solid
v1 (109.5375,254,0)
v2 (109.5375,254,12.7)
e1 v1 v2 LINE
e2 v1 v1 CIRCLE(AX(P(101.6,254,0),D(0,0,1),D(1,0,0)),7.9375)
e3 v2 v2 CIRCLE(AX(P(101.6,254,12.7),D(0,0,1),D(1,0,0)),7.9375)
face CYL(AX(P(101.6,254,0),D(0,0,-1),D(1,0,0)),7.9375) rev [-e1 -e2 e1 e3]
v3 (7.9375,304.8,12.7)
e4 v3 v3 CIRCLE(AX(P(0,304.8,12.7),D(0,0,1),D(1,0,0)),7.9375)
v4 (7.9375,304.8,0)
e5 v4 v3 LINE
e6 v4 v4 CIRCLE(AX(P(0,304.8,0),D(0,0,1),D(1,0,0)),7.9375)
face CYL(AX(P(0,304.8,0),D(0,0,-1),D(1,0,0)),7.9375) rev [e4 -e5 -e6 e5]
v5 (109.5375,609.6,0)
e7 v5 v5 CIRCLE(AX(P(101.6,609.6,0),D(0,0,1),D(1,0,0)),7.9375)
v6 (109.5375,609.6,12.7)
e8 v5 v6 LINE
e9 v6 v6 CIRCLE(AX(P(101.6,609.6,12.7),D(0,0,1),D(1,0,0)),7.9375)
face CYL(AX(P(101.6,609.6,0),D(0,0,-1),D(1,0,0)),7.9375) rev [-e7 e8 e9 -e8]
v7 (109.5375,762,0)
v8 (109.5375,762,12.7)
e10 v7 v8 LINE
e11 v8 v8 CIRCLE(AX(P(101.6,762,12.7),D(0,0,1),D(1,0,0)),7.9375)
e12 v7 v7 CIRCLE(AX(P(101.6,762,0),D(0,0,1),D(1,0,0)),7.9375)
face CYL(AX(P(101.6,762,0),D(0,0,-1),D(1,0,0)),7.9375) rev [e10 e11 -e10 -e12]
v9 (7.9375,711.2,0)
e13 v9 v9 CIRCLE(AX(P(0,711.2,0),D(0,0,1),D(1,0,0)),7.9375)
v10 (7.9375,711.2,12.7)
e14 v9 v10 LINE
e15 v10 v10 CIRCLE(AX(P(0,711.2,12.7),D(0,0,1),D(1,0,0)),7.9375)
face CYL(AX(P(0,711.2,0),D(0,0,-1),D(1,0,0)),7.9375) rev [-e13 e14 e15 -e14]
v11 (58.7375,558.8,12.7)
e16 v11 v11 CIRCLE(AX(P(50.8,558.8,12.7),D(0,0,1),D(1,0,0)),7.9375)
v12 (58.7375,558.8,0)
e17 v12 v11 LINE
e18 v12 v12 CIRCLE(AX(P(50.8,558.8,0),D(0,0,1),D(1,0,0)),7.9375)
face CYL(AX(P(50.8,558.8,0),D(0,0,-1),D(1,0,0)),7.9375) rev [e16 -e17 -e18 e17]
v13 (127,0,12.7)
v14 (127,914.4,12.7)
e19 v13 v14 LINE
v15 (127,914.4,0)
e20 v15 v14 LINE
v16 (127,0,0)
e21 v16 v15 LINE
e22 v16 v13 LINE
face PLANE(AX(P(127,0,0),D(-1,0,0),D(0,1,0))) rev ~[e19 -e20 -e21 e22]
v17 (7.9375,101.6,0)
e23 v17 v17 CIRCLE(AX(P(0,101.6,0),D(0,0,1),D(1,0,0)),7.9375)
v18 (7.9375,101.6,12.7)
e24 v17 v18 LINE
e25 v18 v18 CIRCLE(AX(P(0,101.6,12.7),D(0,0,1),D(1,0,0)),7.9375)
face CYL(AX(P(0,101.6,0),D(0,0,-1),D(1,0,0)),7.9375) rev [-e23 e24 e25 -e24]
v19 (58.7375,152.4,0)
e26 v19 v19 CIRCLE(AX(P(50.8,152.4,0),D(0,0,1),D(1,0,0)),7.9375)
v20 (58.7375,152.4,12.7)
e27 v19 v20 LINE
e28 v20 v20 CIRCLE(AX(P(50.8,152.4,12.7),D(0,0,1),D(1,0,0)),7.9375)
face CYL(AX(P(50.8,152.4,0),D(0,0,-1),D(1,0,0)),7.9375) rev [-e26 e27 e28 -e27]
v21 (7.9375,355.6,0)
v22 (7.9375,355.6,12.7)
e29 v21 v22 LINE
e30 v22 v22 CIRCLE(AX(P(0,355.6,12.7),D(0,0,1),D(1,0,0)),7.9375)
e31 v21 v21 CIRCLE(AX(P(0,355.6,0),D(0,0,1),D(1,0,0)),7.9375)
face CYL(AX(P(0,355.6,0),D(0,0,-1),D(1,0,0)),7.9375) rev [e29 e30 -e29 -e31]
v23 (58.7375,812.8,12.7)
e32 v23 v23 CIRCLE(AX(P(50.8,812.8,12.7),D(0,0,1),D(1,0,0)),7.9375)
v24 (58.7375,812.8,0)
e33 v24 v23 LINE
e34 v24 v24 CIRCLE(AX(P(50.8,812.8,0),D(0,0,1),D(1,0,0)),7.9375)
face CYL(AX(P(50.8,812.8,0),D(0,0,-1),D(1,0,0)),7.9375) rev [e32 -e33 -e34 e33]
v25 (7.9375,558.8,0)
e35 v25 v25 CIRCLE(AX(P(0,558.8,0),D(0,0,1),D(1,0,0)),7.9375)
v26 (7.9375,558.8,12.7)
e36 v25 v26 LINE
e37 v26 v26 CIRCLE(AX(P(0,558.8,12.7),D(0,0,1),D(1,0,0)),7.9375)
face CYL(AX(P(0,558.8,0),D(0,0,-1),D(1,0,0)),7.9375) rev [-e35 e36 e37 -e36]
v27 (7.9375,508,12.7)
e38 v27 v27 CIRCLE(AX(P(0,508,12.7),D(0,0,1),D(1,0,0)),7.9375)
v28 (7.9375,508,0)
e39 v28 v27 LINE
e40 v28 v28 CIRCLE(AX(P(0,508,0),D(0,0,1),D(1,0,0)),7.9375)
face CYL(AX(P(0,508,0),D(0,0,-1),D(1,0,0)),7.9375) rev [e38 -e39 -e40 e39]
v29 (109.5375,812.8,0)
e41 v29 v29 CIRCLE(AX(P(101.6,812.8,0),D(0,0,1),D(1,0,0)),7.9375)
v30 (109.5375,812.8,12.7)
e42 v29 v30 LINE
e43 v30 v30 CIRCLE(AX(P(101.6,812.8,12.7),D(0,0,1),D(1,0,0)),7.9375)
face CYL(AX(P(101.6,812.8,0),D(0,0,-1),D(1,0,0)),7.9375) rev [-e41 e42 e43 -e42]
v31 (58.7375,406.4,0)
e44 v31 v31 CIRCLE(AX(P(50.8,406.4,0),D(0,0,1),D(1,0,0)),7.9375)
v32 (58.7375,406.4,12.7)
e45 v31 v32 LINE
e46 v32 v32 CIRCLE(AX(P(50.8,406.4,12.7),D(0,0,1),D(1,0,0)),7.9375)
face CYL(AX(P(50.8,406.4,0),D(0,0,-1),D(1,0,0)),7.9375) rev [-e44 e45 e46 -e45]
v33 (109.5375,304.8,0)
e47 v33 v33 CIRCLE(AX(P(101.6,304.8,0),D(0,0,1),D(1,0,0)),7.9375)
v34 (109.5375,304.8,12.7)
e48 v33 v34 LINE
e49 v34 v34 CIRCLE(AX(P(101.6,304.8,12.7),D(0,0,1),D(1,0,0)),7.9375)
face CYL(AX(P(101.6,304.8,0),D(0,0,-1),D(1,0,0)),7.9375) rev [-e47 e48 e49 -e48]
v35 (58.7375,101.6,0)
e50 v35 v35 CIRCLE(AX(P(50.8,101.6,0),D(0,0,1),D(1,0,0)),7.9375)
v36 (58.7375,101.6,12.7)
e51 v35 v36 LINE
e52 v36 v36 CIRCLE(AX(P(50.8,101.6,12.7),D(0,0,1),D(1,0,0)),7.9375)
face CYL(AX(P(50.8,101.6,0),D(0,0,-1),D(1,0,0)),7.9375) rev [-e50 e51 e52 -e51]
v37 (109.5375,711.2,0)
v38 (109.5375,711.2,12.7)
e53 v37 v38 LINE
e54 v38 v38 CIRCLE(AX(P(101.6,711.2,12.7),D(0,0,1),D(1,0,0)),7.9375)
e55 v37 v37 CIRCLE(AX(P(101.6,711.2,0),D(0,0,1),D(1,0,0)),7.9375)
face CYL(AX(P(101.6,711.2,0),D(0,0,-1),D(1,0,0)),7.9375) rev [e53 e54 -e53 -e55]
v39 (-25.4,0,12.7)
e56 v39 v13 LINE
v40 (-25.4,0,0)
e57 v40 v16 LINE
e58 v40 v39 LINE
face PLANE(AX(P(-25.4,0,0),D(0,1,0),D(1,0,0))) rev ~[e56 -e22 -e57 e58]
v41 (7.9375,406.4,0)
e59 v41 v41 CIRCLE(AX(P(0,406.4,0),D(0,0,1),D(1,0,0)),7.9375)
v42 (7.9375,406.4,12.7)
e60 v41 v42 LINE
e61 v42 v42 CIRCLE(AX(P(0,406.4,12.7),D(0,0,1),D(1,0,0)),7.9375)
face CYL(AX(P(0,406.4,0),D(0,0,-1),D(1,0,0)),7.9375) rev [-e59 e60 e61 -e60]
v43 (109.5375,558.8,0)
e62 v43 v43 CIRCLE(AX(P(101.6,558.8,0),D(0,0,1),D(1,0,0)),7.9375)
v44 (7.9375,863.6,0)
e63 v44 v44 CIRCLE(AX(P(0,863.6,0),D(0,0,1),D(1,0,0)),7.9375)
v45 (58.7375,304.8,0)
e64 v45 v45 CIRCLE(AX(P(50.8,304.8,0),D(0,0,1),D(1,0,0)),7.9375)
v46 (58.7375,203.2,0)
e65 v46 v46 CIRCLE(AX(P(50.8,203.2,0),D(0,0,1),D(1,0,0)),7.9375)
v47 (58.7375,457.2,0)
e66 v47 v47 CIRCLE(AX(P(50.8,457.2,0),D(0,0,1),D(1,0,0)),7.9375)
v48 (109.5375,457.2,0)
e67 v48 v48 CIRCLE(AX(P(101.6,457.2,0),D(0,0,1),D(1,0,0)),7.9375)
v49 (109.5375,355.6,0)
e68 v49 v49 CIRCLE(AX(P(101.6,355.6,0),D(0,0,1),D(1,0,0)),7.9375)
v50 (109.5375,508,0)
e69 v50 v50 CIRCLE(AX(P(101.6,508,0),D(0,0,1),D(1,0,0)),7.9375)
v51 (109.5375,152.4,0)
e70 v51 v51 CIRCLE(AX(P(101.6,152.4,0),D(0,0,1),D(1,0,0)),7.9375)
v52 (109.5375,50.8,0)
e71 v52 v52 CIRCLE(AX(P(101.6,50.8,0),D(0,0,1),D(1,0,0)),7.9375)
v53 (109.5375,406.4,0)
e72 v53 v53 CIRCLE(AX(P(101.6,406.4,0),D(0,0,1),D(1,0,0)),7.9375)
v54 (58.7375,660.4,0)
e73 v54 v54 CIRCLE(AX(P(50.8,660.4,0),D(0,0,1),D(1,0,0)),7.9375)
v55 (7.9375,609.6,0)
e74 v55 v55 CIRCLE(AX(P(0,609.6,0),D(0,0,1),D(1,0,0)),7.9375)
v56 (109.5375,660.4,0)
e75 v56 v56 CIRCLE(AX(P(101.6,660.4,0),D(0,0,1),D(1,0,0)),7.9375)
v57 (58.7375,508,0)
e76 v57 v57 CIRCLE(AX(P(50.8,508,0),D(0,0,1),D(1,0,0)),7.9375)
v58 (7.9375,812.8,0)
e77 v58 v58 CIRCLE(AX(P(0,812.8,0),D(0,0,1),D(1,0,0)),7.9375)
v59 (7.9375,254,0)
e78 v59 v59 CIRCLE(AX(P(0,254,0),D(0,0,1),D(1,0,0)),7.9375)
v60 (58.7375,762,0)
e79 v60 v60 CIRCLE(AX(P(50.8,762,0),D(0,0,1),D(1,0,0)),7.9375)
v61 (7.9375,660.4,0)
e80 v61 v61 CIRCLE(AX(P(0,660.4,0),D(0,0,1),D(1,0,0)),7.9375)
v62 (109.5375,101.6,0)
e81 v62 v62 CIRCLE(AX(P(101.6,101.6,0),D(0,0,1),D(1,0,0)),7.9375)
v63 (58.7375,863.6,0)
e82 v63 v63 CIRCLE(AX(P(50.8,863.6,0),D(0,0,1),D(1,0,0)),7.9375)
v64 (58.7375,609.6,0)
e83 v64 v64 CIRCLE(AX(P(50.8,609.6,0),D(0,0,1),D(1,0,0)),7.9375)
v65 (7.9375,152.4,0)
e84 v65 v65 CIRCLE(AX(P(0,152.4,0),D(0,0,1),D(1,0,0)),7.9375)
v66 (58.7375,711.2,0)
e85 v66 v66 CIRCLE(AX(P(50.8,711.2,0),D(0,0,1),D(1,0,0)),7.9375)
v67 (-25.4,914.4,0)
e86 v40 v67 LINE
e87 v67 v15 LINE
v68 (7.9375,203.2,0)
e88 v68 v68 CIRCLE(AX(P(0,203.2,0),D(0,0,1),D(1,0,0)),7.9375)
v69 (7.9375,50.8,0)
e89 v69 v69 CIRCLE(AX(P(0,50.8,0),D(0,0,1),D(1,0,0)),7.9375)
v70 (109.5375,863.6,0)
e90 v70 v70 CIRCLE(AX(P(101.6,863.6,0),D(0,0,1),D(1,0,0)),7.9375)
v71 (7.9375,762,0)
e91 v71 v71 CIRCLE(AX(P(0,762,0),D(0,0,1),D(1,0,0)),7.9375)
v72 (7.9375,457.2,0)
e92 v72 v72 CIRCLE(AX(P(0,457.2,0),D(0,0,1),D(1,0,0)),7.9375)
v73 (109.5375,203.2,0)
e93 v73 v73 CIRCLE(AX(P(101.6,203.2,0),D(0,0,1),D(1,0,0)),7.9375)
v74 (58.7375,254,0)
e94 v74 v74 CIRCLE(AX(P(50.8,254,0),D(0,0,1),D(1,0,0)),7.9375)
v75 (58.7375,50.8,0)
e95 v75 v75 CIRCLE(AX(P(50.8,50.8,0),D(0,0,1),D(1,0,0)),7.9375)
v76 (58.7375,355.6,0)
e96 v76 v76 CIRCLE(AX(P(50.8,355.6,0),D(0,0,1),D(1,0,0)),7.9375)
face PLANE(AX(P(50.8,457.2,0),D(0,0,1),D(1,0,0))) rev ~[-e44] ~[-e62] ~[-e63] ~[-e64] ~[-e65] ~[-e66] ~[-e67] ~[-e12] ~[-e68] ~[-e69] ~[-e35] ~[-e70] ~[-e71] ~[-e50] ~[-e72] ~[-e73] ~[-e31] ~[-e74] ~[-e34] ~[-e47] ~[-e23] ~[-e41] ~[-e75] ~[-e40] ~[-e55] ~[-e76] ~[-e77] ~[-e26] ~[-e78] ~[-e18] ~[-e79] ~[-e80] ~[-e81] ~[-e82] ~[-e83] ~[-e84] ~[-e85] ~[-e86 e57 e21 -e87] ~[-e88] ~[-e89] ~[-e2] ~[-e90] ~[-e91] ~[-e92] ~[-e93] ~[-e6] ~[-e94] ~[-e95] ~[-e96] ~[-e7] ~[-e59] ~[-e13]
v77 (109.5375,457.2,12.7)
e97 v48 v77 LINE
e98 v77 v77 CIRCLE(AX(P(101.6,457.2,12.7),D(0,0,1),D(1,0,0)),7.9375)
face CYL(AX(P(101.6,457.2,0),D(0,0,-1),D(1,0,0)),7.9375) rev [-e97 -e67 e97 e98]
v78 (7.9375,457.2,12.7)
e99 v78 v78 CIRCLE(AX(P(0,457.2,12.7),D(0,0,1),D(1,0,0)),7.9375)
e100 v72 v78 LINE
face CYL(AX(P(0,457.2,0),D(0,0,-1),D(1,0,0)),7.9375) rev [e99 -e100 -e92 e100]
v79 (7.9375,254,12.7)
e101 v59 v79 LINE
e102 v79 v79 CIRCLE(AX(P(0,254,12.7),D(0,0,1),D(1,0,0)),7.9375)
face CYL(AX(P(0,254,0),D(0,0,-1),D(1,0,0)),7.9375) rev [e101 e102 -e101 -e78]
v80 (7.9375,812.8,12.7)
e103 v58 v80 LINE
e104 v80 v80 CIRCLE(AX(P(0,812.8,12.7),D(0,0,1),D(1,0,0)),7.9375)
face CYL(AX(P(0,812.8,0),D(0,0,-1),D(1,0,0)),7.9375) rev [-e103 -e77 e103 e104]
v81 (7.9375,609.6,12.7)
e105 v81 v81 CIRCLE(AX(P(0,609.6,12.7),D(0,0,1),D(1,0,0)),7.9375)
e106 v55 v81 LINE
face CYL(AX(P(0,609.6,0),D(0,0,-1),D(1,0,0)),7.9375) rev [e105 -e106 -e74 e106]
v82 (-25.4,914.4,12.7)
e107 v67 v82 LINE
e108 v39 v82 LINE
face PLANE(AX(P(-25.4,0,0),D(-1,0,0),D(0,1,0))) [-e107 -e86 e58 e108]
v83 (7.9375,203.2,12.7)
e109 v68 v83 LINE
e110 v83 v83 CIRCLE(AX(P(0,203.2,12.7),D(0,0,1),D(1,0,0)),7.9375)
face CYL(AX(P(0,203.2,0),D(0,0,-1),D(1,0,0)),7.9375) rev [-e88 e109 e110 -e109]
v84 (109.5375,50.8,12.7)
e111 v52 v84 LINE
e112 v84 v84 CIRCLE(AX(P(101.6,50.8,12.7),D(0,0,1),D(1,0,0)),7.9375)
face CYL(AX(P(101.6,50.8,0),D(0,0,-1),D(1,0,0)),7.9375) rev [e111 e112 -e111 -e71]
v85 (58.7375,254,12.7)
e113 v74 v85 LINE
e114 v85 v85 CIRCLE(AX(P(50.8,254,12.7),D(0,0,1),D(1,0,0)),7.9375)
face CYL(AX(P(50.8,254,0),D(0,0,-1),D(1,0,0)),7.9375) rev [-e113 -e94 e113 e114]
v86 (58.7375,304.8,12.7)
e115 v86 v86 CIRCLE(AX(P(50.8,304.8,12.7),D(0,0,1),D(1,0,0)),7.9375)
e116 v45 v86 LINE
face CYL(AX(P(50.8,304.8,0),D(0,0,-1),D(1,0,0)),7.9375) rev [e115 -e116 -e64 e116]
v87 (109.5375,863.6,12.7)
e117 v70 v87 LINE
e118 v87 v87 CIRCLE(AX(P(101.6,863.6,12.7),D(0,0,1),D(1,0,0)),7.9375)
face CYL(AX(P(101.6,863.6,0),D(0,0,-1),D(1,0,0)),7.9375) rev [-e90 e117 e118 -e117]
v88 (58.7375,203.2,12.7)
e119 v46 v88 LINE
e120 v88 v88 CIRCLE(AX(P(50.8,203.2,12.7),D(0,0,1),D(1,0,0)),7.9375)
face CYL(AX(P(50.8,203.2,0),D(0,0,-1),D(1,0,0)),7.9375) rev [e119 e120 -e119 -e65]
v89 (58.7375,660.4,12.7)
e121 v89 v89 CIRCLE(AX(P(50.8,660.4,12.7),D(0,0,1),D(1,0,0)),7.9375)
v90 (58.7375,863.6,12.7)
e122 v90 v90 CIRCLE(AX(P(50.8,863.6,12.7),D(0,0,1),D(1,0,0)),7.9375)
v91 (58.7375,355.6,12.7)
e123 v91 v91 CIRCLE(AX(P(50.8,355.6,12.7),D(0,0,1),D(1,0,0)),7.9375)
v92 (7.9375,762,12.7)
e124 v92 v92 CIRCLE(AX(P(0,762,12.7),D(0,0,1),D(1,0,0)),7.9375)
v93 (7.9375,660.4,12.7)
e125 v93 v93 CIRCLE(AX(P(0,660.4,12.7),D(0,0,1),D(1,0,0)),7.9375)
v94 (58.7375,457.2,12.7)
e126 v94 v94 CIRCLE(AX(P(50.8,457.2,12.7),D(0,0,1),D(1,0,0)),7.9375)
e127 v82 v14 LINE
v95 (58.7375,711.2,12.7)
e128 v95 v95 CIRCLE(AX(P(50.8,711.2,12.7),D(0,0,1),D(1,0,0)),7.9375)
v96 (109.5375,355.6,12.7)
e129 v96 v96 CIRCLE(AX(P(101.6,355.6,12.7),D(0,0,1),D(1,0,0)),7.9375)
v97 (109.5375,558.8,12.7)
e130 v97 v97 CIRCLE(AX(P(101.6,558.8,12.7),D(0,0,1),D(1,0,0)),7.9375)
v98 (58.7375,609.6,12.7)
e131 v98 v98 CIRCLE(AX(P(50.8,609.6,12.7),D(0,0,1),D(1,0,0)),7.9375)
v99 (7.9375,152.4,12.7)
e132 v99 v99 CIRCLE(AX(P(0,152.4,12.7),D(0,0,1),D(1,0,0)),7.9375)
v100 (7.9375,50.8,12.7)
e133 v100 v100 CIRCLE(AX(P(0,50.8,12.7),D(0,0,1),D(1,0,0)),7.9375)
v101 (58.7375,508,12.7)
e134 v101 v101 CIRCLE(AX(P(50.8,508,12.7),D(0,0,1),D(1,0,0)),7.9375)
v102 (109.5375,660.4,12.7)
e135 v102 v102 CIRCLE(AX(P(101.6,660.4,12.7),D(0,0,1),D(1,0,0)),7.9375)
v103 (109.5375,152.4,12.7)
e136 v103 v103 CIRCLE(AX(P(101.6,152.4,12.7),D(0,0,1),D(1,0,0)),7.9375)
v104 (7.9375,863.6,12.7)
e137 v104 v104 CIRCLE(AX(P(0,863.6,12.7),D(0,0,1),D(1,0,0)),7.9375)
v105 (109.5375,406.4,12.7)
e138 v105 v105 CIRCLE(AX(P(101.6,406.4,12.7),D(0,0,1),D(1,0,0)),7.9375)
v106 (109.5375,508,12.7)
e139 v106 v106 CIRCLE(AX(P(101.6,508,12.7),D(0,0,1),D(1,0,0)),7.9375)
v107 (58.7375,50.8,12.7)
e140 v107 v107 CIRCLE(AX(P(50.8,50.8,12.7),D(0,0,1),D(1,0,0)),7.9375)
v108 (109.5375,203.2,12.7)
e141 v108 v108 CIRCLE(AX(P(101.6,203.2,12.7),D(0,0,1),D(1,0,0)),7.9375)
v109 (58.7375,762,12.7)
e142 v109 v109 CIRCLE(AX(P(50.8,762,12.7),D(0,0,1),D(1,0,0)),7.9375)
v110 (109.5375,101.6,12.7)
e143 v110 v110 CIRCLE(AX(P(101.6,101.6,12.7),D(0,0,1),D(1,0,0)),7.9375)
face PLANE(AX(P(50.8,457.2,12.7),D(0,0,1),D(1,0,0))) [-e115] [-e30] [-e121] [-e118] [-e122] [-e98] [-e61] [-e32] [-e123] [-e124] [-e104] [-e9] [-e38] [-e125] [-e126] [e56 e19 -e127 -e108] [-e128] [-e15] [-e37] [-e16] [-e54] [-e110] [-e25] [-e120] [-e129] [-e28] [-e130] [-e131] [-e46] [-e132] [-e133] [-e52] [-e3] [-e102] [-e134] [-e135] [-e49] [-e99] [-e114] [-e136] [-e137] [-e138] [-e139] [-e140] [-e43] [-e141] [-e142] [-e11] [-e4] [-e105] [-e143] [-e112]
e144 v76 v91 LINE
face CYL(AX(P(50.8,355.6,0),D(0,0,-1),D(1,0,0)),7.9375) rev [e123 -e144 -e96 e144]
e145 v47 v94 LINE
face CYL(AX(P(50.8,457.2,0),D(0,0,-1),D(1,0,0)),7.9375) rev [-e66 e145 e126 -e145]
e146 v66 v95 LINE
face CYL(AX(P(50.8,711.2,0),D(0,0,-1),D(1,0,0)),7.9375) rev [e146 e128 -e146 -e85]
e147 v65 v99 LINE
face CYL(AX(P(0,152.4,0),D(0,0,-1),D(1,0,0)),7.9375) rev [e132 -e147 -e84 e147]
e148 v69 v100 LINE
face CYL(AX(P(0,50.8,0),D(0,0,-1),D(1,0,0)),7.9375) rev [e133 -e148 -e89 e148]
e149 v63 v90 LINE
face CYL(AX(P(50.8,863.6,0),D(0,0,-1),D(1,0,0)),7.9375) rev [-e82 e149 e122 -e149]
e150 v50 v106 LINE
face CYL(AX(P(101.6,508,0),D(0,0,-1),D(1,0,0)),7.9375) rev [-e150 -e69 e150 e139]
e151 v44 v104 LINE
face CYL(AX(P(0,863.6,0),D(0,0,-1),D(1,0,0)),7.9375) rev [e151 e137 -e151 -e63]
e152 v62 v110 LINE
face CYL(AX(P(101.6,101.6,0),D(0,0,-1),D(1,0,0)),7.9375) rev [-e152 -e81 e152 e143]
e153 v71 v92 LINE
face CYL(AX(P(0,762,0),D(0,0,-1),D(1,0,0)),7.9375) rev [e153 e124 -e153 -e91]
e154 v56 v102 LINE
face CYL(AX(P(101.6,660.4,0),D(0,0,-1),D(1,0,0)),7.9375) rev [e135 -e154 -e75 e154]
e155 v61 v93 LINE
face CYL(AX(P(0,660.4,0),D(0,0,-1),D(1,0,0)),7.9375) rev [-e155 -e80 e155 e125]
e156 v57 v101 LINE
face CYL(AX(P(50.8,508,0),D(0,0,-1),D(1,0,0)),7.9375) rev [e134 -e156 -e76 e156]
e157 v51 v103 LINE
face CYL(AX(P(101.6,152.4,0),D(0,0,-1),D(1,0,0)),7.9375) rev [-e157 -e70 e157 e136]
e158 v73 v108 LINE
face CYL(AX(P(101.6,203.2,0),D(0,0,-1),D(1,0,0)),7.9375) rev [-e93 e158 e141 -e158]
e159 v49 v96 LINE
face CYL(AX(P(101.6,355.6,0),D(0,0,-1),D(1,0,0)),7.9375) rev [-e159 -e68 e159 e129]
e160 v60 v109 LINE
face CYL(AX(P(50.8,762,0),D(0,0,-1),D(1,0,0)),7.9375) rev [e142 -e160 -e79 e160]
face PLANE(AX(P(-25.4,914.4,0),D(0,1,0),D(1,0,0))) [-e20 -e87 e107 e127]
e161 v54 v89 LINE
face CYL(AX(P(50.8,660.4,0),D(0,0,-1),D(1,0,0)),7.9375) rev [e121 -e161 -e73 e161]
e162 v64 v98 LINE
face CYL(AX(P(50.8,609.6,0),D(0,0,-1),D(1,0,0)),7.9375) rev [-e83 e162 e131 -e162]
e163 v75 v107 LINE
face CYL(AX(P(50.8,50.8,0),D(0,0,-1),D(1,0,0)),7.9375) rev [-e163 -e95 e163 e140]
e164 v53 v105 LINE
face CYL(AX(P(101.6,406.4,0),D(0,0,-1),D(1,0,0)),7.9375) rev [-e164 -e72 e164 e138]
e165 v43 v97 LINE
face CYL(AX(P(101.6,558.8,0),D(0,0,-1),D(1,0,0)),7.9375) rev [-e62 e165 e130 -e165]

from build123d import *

# Parameters (mm, degrees)
F0_W     = 152.4
F0_H     = 914.4
F0_R     = 7.9375
F1_DEPTH = 12.7


with BuildPart() as f1:
    # F0 (on Top) → F1 (new body)
    with BuildSketch(Plane.XY):
        with Locations((50.8, 457.2)):
            Rectangle(F0_W, F0_H)
        with Locations((0, 50.8)):
            Circle(F0_R, mode=Mode.SUBTRACT)
        with Locations((0, 101.6)):
            Circle(F0_R, mode=Mode.SUBTRACT)
        with Locations((0, 152.4)):
            Circle(F0_R, mode=Mode.SUBTRACT)
        with Locations((0, 203.2)):
            Circle(F0_R, mode=Mode.SUBTRACT)
        with Locations((50.8, 50.8)):
            Circle(F0_R, mode=Mode.SUBTRACT)
        with Locations((50.8, 101.6)):
            Circle(F0_R, mode=Mode.SUBTRACT)
        with Locations((50.8, 152.4)):
            Circle(F0_R, mode=Mode.SUBTRACT)
        with Locations((50.8, 203.2)):
            Circle(F0_R, mode=Mode.SUBTRACT)
        with Locations((0, 254)):
            Circle(F0_R, mode=Mode.SUBTRACT)
        with Locations((0, 304.8)):
            Circle(F0_R, mode=Mode.SUBTRACT)
        with Locations((0, 355.6)):
            Circle(F0_R, mode=Mode.SUBTRACT)
        with Locations((0, 406.4)):
            Circle(F0_R, mode=Mode.SUBTRACT)
        with Locations((50.8, 254)):
            Circle(F0_R, mode=Mode.SUBTRACT)
        with Locations((50.8, 304.8)):
            Circle(F0_R, mode=Mode.SUBTRACT)
        with Locations((50.8, 355.6)):
            Circle(F0_R, mode=Mode.SUBTRACT)
        with Locations((50.8, 406.4)):
            Circle(F0_R, mode=Mode.SUBTRACT)
        with Locations((101.6, 50.8)):
            Circle(F0_R, mode=Mode.SUBTRACT)
        with Locations((101.6, 101.6)):
            Circle(F0_R, mode=Mode.SUBTRACT)
        with Locations((101.6, 152.4)):
            Circle(F0_R, mode=Mode.SUBTRACT)
        with Locations((101.6, 203.2)):
            Circle(F0_R, mode=Mode.SUBTRACT)
        with Locations((101.6, 254)):
            Circle(F0_R, mode=Mode.SUBTRACT)
        with Locations((101.6, 304.8)):
            Circle(F0_R, mode=Mode.SUBTRACT)
        with Locations((101.6, 355.6)):
            Circle(F0_R, mode=Mode.SUBTRACT)
        with Locations((101.6, 406.4)):
            Circle(F0_R, mode=Mode.SUBTRACT)
        with Locations((0, 457.2)):
            Circle(F0_R, mode=Mode.SUBTRACT)
        with Locations((0, 508)):
            Circle(F0_R, mode=Mode.SUBTRACT)
        with Locations((0, 558.8)):
            Circle(F0_R, mode=Mode.SUBTRACT)
        with Locations((0, 609.6)):
            Circle(F0_R, mode=Mode.SUBTRACT)
        with Locations((0, 660.4)):
            Circle(F0_R, mode=Mode.SUBTRACT)
        with Locations((50.8, 457.2)):
            Circle(F0_R, mode=Mode.SUBTRACT)
        with Locations((50.8, 508)):
            Circle(F0_R, mode=Mode.SUBTRACT)
        with Locations((50.8, 558.8)):
            Circle(F0_R, mode=Mode.SUBTRACT)
        with Locations((50.8, 609.6)):
            Circle(F0_R, mode=Mode.SUBTRACT)
        with Locations((50.8, 660.4)):
            Circle(F0_R, mode=Mode.SUBTRACT)
        with Locations((0, 711.2)):
            Circle(F0_R, mode=Mode.SUBTRACT)
        with Locations((0, 762)):
            Circle(F0_R, mode=Mode.SUBTRACT)
        with Locations((0, 812.8)):
            Circle(F0_R, mode=Mode.SUBTRACT)
        with Locations((0, 863.6)):
            Circle(F0_R, mode=Mode.SUBTRACT)
        with Locations((50.8, 711.2)):
            Circle(F0_R, mode=Mode.SUBTRACT)
        with Locations((50.8, 762)):
            Circle(F0_R, mode=Mode.SUBTRACT)
        with Locations((50.8, 812.8)):
            Circle(F0_R, mode=Mode.SUBTRACT)
        with Locations((50.8, 863.6)):
            Circle(F0_R, mode=Mode.SUBTRACT)
        with Locations((101.6, 457.2)):
            Circle(F0_R, mode=Mode.SUBTRACT)
        with Locations((101.6, 508)):
            Circle(F0_R, mode=Mode.SUBTRACT)
        with Locations((101.6, 558.8)):
            Circle(F0_R, mode=Mode.SUBTRACT)
        with Locations((101.6, 609.6)):
            Circle(F0_R, mode=Mode.SUBTRACT)
        with Locations((101.6, 660.4)):
            Circle(F0_R, mode=Mode.SUBTRACT)
        with Locations((101.6, 711.2)):
            Circle(F0_R, mode=Mode.SUBTRACT)
        with Locations((101.6, 762)):
            Circle(F0_R, mode=Mode.SUBTRACT)
        with Locations((101.6, 812.8)):
            Circle(F0_R, mode=Mode.SUBTRACT)
        with Locations((101.6, 863.6)):
            Circle(F0_R, mode=Mode.SUBTRACT)
    extrude(amount=F1_DEPTH)


solid = f1.part
